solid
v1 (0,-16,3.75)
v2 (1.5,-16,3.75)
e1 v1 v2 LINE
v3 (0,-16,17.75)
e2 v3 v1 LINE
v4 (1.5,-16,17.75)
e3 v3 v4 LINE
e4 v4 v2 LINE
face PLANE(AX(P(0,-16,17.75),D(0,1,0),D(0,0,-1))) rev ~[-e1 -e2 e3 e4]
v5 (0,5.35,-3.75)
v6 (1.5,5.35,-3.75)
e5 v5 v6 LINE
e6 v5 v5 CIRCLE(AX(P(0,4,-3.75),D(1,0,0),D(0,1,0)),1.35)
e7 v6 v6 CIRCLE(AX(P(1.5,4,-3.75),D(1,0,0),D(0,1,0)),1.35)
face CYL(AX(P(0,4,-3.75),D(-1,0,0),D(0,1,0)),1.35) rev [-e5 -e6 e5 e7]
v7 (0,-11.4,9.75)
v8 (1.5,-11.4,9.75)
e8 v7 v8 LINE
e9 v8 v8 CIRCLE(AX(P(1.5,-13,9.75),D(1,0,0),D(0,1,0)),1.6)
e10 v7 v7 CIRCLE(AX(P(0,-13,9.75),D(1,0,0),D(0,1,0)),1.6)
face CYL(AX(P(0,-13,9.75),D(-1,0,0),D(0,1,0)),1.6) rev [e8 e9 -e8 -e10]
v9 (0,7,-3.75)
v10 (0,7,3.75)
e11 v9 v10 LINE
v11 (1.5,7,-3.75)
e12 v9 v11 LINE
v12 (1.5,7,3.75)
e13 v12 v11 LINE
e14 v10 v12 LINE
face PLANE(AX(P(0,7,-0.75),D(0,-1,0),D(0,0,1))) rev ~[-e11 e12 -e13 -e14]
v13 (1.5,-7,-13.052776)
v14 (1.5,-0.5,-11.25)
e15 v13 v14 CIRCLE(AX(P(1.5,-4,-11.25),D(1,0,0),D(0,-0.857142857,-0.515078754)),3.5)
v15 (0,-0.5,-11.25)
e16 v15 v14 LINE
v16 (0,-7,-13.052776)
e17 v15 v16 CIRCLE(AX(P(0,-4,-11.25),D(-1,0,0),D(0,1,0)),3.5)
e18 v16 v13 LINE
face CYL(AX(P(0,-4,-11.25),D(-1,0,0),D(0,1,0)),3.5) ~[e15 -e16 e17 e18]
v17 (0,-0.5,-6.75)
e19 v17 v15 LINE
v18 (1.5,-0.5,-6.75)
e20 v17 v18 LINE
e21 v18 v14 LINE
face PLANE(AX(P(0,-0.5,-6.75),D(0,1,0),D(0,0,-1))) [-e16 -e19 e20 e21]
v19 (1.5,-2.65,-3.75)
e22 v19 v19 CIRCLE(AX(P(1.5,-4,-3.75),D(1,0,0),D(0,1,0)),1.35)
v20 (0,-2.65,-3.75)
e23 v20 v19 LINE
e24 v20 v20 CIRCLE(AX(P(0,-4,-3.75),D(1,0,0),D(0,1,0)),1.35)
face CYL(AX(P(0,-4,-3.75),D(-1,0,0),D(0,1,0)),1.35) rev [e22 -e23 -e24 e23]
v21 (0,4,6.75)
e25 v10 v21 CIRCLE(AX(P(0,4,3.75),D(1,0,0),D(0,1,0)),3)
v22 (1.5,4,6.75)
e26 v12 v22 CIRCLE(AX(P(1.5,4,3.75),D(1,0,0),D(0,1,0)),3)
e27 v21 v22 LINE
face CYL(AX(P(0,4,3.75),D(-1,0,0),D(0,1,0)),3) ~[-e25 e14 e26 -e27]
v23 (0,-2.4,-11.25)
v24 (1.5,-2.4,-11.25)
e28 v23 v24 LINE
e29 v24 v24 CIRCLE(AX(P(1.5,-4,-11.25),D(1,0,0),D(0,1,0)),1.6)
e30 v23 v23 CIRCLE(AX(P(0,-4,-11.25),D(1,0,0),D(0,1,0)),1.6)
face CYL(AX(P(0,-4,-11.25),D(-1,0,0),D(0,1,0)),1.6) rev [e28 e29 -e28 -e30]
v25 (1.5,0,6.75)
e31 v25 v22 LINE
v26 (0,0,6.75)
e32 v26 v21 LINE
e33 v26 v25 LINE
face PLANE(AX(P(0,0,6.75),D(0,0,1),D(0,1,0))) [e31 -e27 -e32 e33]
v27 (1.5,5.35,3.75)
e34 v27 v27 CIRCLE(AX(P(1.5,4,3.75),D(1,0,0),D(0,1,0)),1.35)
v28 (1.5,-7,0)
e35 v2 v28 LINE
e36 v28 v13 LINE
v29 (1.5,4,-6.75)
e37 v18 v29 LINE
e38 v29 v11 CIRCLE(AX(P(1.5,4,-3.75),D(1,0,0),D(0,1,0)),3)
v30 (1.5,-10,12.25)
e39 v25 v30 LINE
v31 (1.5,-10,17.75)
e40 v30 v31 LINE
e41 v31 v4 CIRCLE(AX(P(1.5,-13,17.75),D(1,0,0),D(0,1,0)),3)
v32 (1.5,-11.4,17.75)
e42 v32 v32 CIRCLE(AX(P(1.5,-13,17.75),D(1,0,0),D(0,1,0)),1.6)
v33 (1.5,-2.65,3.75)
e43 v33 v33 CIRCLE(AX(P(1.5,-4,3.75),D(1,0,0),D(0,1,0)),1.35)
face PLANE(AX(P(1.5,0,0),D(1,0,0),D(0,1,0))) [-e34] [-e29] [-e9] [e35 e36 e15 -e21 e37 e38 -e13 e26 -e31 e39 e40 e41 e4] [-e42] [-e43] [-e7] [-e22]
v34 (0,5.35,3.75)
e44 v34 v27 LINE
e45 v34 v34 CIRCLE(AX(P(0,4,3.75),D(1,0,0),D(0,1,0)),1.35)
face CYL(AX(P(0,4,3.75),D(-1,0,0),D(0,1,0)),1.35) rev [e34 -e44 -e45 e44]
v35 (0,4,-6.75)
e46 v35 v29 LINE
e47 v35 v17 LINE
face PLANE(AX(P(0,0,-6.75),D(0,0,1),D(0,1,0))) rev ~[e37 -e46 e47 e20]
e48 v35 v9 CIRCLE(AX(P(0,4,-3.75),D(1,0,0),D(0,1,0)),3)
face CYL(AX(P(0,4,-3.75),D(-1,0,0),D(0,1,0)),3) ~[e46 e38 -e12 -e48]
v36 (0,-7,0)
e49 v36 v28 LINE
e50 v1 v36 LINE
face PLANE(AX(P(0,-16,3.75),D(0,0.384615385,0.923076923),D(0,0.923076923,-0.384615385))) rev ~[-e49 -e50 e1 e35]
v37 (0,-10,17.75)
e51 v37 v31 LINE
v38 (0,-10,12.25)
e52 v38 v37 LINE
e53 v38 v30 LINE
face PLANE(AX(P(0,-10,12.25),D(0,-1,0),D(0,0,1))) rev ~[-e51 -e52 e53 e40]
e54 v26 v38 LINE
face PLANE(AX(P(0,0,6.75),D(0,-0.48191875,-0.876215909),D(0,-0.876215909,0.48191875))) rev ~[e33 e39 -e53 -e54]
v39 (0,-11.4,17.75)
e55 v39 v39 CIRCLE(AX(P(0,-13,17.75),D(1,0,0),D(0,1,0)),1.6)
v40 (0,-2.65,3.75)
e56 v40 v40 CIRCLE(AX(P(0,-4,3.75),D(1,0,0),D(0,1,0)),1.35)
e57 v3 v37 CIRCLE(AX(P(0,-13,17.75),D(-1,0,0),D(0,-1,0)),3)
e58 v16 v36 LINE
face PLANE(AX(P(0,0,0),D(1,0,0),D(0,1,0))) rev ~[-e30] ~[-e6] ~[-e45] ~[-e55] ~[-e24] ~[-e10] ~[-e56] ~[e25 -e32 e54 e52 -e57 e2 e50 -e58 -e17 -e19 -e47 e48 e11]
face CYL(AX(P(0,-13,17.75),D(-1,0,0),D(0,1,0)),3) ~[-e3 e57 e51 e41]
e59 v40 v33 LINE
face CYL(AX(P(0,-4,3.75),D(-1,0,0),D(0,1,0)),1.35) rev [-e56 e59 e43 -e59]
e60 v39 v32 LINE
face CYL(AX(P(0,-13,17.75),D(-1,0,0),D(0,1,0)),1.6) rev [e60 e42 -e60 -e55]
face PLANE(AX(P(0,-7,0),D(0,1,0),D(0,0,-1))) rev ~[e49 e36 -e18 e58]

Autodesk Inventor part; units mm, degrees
ref_plane "YZ Plane" through (0, 0, 0) normal (1, 0, 0) x (0, 1, 0)
ref_plane "XZ Plane" through (0, 0, 0) normal (0, 1, 0) x (-1, 0, 0)
ref_plane "XY Plane" through (0, 0, 0) normal (0, 0, 1) x (1, 0, 0)
sketch "スケッチ1" plane through (0, 0, 0) normal (1, 0, 0) x (0, 1, 0)
  line L0 (7, 0) -> (-7, 0)
  line L1 (-7, 0) -> (-7, -6.75)
  line L2 (-7, -6.75) -> (7, -6.75)
  line L3 (7, -6.75) -> (7, 0)
  circle A0 centre (4, -3.75) radius 3
  circle A1 centre (-4, -3.75) radius 3
  line L4 (7, -0.75) -> (-7, -0.75)
  line L5 (-7, 0) -> (-7, 6.75)
  line L6 (-7, 6.75) -> (7, 6.75)
  line L7 (7, 6.75) -> (7, 0)
  circle A2 centre (4, 3.75) radius 3
  circle A3 centre (-4, 3.75) radius 3
  line L8 (7, 0.75) -> (-7, 0.75)
  circle A4 centre (4, -3.75) radius 1.35
  circle A5 centre (-4, -3.75) radius 1.35
  circle A6 centre (-4, 3.75) radius 1.35
  circle A7 centre (4, 3.75) radius 1.35
  line L9 (0, -21.85) -> (0, 27.85)
  line L10 (-10, 20.75) -> (-16, 20.75)
  line L11 (-16, 20.75) -> (-16, 3.75)
  line L12 (-16, 3.75) -> (-10, 3.75)
  line L13 (-10, 3.75) -> (-10, 20.75)
  circle A8 centre (-13, 17.75) radius 1.6
  circle A9 centre (-13, 9.75) radius 1.6
  circle A10 centre (-13, 17.75) radius 3
  line L14 (-7, -6.75) -> (-0.5, -6.75)
  line L15 (-0.5, -6.75) -> (-0.5, -14.75)
  line L16 (-0.5, -14.75) -> (-7, -14.75)
  line L17 (-7, -14.75) -> (-7, -6.75)
  circle A11 centre (-4, -11.25) radius 1.6
  circle A12 centre (-4, -11.25) radius 3.5
  line L18 (-16, 3.75) -> (-7, 0)
  line L19 (0, 6.75) -> (-10, 12.25)
  point P0 (0, 0)
  point P1 (0, 0)
  point P2 (-4.1535, 3.75)
  point P3 (7, -3.75)
  point P4 (7, 3.75)
  point P5 (-7, 3.75)
  point P6 (-7, -3.75)
  point P7 (4, 6.75)
  point P8 (-4, 6.75)
  point P9 (-16, 17.75)
  point P10 (-7, 6.75)
  point P11 (-5.3457, 6.75)
  point P12 (-10, 17.75)
  point P13 (2.4272, 6.3046)
  point P14 (-7, 3.75)
  point P15 (-7, -13.0528)
  point P16 (-0.5, -11.25)
  point P17 (4, -6.75)
  dimension "d0" = 14
  dimension "d1" = 6
  dimension "d2" = 6
  dimension "d3" = 0.75
  dimension "d5" = 2.7
  dimension "d12" = 6
  dimension "d13" = 3.2
  dimension "d14" = 3.2
  dimension "d15" = 3
  dimension "d16" = 8
  dimension "d17" = 3
  dimension "d19" = 3.2
  dimension "d20" = 8
  dimension "d21" = 3.5
  dimension "d22" = 3
extrude "プレート1" add sketch "スケッチ1" along normal blind 1.5 contours L3 L4 L9 L0 | L0 L9 L8 L7 | L9 L4 L1 L0 | L0 L5 L8 L9 | L3 A0 L4 | L8 A2 L7 | L18 L12 L13 L19 L6 L5 | L9 L2 A1 L4 | L4 A0 L2 L9 | L9 L6 A2 L8 | L8 A3 L6 L9 | A0 | A2 | L4 A1 L1 | L5 A3 L8 | L11 A10 L13 L12 | A1 | A3 | A1 L2 L1 | L5 L6 A3 | A10 | L15 A12 L17 L2 | A12 L17 picked at (-6.5333, -11.25)
equation "\"d17\" = 0.5 * d10"
equation "\"d6\" = Thickness"
equation "\"BendRadius\" = Thickness"
equation "\"BendReliefWidth\" = Thickness"
equation "\"BendReliefDepth\" = 0.5 * Thickness"
equation "\"CornerReliefSize\" = 4 * Thickness"
equation "\"MinimumRemnant\" = 2 * Thickness"
equation "\"TransitionRadius\" = BendRadius"
equation "\"JacobiRadiusSize\" = BendRadius"
equation "\"GapSize\" = Thickness"
equation "\"d10\" = 6"
equation "\"Thickness\" = 1.5"
properties part number "fork_outside" material "アルミニウム 6061"
